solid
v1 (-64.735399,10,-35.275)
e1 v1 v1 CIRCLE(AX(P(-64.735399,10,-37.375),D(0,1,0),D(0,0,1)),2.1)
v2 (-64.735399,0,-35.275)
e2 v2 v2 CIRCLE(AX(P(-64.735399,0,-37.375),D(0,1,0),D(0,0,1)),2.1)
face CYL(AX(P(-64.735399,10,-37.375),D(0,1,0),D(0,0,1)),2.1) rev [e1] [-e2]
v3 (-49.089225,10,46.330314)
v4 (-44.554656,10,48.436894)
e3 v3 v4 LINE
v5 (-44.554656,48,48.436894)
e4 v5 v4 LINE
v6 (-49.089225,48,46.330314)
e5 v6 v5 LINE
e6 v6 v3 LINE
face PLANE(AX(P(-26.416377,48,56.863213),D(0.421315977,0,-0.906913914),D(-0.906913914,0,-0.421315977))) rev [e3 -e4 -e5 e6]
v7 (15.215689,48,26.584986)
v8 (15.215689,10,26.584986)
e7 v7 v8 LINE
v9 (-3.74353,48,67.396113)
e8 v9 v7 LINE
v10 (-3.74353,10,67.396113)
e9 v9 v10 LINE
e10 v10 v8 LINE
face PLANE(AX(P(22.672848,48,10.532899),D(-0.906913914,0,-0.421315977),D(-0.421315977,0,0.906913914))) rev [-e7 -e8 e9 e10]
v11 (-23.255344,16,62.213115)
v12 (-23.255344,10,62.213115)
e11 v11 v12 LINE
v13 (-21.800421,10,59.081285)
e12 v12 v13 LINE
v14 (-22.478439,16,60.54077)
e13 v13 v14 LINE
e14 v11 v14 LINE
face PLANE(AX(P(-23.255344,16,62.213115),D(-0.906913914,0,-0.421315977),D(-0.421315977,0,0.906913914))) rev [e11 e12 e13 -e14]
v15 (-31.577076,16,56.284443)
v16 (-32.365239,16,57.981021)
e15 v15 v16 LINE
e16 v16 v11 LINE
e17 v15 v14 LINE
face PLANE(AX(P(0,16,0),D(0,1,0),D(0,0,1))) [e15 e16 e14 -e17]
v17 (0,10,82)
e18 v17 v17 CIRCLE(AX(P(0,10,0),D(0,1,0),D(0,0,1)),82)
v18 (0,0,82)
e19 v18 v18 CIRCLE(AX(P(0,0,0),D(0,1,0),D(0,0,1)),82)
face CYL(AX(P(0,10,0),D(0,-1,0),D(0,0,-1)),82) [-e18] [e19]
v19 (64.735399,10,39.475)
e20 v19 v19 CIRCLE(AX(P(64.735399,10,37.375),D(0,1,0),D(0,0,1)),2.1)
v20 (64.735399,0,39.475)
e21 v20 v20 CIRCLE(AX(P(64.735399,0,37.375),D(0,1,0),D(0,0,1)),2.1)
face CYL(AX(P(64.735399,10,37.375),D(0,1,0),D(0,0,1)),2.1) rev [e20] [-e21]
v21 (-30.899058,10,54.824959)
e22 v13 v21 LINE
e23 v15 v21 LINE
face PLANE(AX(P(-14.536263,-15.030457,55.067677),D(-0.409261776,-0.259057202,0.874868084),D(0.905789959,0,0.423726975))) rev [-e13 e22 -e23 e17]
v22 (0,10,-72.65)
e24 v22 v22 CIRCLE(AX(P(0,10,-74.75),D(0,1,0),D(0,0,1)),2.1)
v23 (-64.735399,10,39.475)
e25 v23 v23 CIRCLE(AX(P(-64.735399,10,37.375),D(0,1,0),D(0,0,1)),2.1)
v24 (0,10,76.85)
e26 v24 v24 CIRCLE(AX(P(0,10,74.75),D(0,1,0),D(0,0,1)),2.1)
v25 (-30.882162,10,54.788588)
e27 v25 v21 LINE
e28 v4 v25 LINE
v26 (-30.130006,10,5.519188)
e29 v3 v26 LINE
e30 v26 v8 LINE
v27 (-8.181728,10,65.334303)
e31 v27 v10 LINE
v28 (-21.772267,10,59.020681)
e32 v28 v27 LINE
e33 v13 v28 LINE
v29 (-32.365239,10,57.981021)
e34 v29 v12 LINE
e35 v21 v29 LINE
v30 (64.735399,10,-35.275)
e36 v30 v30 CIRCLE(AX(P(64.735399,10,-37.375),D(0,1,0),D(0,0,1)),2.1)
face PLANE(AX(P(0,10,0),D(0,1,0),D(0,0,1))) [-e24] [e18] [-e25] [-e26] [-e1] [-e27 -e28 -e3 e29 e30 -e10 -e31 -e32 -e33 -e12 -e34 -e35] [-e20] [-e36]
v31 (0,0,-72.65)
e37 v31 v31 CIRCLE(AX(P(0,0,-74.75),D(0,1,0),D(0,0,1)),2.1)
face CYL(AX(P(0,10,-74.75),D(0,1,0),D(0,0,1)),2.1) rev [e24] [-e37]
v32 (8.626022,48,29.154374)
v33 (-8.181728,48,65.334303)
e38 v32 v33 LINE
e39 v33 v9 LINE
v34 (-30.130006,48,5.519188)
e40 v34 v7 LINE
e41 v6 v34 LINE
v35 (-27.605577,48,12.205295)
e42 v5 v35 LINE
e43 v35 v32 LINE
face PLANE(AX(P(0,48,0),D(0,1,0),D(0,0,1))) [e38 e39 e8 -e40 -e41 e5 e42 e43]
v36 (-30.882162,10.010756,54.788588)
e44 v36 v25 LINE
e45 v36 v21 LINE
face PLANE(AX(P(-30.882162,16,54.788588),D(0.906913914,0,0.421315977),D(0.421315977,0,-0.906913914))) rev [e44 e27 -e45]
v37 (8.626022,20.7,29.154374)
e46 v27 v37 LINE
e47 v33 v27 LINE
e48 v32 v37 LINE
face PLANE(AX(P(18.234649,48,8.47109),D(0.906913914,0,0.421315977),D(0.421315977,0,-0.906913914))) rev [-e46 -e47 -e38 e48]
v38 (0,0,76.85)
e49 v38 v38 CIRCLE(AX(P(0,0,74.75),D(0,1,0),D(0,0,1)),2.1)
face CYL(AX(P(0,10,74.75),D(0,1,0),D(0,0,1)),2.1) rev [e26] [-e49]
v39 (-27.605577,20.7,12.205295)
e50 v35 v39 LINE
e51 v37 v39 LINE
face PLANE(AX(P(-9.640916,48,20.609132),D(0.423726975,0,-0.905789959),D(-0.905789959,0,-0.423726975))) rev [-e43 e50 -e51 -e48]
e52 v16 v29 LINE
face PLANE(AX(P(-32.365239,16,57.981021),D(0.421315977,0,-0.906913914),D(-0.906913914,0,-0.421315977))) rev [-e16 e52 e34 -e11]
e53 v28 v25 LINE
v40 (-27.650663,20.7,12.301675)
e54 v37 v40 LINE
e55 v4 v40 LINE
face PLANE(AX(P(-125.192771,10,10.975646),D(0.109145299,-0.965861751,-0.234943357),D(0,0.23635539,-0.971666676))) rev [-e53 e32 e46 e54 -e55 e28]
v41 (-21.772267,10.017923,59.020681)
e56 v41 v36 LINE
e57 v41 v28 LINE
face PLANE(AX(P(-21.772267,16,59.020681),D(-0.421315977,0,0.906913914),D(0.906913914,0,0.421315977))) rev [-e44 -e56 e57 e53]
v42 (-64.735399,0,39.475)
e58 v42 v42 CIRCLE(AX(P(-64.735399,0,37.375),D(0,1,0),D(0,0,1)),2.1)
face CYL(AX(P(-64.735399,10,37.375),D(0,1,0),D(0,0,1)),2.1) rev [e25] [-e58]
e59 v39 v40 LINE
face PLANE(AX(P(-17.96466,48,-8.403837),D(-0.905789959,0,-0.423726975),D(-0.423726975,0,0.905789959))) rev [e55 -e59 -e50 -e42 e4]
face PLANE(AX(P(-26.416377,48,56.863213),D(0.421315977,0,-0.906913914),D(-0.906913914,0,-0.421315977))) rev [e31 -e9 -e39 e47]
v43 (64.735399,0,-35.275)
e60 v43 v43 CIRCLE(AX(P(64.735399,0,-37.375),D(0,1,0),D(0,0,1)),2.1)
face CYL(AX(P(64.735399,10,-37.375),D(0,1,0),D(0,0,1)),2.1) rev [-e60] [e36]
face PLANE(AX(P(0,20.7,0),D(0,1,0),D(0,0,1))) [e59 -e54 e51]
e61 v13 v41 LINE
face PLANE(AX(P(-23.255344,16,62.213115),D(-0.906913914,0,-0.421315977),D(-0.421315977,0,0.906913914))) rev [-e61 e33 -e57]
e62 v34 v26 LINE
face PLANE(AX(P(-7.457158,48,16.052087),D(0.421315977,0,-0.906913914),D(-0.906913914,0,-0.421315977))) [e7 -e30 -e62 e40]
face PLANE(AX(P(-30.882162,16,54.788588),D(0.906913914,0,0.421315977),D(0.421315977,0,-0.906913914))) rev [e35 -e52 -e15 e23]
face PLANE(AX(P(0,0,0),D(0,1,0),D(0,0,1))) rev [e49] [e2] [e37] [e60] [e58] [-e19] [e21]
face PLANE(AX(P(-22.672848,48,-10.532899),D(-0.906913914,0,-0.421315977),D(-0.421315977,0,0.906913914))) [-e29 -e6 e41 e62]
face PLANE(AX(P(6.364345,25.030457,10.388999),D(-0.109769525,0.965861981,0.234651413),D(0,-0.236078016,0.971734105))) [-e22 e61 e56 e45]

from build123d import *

# Parameters (mm, degrees)
SKETCH1_R                          = 82
BOSS_EXTRUDE5_DEPTH                = 10
TAPPED_HOLE_FOR_M4X0_7_HELICOIL4_D = 4.2
CIRPATTERN5_COUNT                  = 6
BOSS_EXTRUDE7_DEPTH                = 10.7
CUT_EXTRUDE1_DEPTH                 = 137.603415174
BOSS_EXTRUDE8_DEPTH                = 38
BOSS_EXTRUDE9_DEPTH                = 6
CUT_EXTRUDE2_DEPTH                 = 30


with BuildPart() as part:
    # Sketch1 → Boss-Extrude5 (new body)
    with BuildSketch(Plane(origin=(0, 0, 0), x_dir=(1, 0, 0), z_dir=(0, 1, 0))):
        with Locations(Location((0, 0, 0), (0, 0, 270))):
            Circle(SKETCH1_R)
    extrude(amount=BOSS_EXTRUDE5_DEPTH)

    # Tapped Hole for M4x0.7 Helicoil4 (through all)
    with Locations(Plane(origin=(0, 10, 0), x_dir=(1, 0, 0), z_dir=(0, 1, 0))):
        with Locations((0, 74.75)):
            tapped_hole_for_m4x0_7_helicoil4 = Hole(TAPPED_HOLE_FOR_M4X0_7_HELICOIL4_D / 2)

    # CirPattern5: Tapped Hole for M4x0.7 Helicoil4 ×6 about axis
    cirpattern5_axis = Axis((0, 0, 0), (0, 1, 0))
    for i in range(1, CIRPATTERN5_COUNT):
        add(tapped_hole_for_m4x0_7_helicoil4.rotate(cirpattern5_axis, i * 360 / CIRPATTERN5_COUNT), mode=Mode.SUBTRACT)

    # Sketch27 → Boss-Extrude7 (add)
    with BuildSketch(Plane(origin=(0, 10, 0), x_dir=(1, 0, 0), z_dir=(0, 1, 0))):
        Polygon((-44.554655662, -48.436893572), (-27.605576649, -12.205295199), (8.626021723, -29.154374211), (-8.181727906, -65.334302871), align=None)
    extrude(amount=BOSS_EXTRUDE7_DEPTH)

    # Sketch28 → Cut-Extrude1 (cut, through all)
    with BuildSketch(Plane(origin=(18.234649477, 0, 8.471089754), x_dir=(0.4213159772609458, 0, -0.9069139139436854), z_dir=(0.9069139139436853, 0, 0.4213159772609457))):
        Polygon((-62.69968102, 10), (-22.806226852, 20.7), (-62.69968102, 20.7), align=None)
    extrude(amount=-CUT_EXTRUDE1_DEPTH, mode=Mode.SUBTRACT)

    # Sketch14 → Boss-Extrude8 (add)
    with BuildSketch(Plane(origin=(0, 10, 0), x_dir=(1, 0, 0), z_dir=(0, 1, 0))):
        Polygon((-30.130006255, -5.519187558), (-49.089225231, -46.330313685), (-44.554655662, -48.436893572), (-27.605576649, -12.205295199), (8.626021723, -29.154374211), (-8.181727906, -65.334302871), (-3.743529534, -67.396112548), (15.215689442, -26.584986421), align=None)
    extrude(amount=BOSS_EXTRUDE8_DEPTH)

    # Sketch29 → Boss-Extrude9 (add)
    with BuildSketch(Plane(origin=(0, 10, 0), x_dir=(1, 0, 0), z_dir=(0, 1, 0))):
        Polygon((-32.365238615, -57.981021357), (-23.255343874, -62.213114555), (-21.772266919, -59.020681327), (-30.882161661, -54.788588129), align=None)
    extrude(amount=BOSS_EXTRUDE9_DEPTH)

    # Sketch31 → Cut-Extrude2 (cut)
    with BuildSketch(Plane(origin=(-17.964660281, 0, -8.403836988), x_dir=(0.42372697531108894, 0, -0.9057899593138112), z_dir=(0.9057899593138112, 0, 0.42372697531108894))):
        Polygon((-64.82666926, 17.73267596), (-62.752661337, 10), (-62.329980493, 10.1133687), (-62.276430508, 18.416684368), align=None)
    extrude(amount=CUT_EXTRUDE2_DEPTH, mode=Mode.SUBTRACT)


solid = part.part
